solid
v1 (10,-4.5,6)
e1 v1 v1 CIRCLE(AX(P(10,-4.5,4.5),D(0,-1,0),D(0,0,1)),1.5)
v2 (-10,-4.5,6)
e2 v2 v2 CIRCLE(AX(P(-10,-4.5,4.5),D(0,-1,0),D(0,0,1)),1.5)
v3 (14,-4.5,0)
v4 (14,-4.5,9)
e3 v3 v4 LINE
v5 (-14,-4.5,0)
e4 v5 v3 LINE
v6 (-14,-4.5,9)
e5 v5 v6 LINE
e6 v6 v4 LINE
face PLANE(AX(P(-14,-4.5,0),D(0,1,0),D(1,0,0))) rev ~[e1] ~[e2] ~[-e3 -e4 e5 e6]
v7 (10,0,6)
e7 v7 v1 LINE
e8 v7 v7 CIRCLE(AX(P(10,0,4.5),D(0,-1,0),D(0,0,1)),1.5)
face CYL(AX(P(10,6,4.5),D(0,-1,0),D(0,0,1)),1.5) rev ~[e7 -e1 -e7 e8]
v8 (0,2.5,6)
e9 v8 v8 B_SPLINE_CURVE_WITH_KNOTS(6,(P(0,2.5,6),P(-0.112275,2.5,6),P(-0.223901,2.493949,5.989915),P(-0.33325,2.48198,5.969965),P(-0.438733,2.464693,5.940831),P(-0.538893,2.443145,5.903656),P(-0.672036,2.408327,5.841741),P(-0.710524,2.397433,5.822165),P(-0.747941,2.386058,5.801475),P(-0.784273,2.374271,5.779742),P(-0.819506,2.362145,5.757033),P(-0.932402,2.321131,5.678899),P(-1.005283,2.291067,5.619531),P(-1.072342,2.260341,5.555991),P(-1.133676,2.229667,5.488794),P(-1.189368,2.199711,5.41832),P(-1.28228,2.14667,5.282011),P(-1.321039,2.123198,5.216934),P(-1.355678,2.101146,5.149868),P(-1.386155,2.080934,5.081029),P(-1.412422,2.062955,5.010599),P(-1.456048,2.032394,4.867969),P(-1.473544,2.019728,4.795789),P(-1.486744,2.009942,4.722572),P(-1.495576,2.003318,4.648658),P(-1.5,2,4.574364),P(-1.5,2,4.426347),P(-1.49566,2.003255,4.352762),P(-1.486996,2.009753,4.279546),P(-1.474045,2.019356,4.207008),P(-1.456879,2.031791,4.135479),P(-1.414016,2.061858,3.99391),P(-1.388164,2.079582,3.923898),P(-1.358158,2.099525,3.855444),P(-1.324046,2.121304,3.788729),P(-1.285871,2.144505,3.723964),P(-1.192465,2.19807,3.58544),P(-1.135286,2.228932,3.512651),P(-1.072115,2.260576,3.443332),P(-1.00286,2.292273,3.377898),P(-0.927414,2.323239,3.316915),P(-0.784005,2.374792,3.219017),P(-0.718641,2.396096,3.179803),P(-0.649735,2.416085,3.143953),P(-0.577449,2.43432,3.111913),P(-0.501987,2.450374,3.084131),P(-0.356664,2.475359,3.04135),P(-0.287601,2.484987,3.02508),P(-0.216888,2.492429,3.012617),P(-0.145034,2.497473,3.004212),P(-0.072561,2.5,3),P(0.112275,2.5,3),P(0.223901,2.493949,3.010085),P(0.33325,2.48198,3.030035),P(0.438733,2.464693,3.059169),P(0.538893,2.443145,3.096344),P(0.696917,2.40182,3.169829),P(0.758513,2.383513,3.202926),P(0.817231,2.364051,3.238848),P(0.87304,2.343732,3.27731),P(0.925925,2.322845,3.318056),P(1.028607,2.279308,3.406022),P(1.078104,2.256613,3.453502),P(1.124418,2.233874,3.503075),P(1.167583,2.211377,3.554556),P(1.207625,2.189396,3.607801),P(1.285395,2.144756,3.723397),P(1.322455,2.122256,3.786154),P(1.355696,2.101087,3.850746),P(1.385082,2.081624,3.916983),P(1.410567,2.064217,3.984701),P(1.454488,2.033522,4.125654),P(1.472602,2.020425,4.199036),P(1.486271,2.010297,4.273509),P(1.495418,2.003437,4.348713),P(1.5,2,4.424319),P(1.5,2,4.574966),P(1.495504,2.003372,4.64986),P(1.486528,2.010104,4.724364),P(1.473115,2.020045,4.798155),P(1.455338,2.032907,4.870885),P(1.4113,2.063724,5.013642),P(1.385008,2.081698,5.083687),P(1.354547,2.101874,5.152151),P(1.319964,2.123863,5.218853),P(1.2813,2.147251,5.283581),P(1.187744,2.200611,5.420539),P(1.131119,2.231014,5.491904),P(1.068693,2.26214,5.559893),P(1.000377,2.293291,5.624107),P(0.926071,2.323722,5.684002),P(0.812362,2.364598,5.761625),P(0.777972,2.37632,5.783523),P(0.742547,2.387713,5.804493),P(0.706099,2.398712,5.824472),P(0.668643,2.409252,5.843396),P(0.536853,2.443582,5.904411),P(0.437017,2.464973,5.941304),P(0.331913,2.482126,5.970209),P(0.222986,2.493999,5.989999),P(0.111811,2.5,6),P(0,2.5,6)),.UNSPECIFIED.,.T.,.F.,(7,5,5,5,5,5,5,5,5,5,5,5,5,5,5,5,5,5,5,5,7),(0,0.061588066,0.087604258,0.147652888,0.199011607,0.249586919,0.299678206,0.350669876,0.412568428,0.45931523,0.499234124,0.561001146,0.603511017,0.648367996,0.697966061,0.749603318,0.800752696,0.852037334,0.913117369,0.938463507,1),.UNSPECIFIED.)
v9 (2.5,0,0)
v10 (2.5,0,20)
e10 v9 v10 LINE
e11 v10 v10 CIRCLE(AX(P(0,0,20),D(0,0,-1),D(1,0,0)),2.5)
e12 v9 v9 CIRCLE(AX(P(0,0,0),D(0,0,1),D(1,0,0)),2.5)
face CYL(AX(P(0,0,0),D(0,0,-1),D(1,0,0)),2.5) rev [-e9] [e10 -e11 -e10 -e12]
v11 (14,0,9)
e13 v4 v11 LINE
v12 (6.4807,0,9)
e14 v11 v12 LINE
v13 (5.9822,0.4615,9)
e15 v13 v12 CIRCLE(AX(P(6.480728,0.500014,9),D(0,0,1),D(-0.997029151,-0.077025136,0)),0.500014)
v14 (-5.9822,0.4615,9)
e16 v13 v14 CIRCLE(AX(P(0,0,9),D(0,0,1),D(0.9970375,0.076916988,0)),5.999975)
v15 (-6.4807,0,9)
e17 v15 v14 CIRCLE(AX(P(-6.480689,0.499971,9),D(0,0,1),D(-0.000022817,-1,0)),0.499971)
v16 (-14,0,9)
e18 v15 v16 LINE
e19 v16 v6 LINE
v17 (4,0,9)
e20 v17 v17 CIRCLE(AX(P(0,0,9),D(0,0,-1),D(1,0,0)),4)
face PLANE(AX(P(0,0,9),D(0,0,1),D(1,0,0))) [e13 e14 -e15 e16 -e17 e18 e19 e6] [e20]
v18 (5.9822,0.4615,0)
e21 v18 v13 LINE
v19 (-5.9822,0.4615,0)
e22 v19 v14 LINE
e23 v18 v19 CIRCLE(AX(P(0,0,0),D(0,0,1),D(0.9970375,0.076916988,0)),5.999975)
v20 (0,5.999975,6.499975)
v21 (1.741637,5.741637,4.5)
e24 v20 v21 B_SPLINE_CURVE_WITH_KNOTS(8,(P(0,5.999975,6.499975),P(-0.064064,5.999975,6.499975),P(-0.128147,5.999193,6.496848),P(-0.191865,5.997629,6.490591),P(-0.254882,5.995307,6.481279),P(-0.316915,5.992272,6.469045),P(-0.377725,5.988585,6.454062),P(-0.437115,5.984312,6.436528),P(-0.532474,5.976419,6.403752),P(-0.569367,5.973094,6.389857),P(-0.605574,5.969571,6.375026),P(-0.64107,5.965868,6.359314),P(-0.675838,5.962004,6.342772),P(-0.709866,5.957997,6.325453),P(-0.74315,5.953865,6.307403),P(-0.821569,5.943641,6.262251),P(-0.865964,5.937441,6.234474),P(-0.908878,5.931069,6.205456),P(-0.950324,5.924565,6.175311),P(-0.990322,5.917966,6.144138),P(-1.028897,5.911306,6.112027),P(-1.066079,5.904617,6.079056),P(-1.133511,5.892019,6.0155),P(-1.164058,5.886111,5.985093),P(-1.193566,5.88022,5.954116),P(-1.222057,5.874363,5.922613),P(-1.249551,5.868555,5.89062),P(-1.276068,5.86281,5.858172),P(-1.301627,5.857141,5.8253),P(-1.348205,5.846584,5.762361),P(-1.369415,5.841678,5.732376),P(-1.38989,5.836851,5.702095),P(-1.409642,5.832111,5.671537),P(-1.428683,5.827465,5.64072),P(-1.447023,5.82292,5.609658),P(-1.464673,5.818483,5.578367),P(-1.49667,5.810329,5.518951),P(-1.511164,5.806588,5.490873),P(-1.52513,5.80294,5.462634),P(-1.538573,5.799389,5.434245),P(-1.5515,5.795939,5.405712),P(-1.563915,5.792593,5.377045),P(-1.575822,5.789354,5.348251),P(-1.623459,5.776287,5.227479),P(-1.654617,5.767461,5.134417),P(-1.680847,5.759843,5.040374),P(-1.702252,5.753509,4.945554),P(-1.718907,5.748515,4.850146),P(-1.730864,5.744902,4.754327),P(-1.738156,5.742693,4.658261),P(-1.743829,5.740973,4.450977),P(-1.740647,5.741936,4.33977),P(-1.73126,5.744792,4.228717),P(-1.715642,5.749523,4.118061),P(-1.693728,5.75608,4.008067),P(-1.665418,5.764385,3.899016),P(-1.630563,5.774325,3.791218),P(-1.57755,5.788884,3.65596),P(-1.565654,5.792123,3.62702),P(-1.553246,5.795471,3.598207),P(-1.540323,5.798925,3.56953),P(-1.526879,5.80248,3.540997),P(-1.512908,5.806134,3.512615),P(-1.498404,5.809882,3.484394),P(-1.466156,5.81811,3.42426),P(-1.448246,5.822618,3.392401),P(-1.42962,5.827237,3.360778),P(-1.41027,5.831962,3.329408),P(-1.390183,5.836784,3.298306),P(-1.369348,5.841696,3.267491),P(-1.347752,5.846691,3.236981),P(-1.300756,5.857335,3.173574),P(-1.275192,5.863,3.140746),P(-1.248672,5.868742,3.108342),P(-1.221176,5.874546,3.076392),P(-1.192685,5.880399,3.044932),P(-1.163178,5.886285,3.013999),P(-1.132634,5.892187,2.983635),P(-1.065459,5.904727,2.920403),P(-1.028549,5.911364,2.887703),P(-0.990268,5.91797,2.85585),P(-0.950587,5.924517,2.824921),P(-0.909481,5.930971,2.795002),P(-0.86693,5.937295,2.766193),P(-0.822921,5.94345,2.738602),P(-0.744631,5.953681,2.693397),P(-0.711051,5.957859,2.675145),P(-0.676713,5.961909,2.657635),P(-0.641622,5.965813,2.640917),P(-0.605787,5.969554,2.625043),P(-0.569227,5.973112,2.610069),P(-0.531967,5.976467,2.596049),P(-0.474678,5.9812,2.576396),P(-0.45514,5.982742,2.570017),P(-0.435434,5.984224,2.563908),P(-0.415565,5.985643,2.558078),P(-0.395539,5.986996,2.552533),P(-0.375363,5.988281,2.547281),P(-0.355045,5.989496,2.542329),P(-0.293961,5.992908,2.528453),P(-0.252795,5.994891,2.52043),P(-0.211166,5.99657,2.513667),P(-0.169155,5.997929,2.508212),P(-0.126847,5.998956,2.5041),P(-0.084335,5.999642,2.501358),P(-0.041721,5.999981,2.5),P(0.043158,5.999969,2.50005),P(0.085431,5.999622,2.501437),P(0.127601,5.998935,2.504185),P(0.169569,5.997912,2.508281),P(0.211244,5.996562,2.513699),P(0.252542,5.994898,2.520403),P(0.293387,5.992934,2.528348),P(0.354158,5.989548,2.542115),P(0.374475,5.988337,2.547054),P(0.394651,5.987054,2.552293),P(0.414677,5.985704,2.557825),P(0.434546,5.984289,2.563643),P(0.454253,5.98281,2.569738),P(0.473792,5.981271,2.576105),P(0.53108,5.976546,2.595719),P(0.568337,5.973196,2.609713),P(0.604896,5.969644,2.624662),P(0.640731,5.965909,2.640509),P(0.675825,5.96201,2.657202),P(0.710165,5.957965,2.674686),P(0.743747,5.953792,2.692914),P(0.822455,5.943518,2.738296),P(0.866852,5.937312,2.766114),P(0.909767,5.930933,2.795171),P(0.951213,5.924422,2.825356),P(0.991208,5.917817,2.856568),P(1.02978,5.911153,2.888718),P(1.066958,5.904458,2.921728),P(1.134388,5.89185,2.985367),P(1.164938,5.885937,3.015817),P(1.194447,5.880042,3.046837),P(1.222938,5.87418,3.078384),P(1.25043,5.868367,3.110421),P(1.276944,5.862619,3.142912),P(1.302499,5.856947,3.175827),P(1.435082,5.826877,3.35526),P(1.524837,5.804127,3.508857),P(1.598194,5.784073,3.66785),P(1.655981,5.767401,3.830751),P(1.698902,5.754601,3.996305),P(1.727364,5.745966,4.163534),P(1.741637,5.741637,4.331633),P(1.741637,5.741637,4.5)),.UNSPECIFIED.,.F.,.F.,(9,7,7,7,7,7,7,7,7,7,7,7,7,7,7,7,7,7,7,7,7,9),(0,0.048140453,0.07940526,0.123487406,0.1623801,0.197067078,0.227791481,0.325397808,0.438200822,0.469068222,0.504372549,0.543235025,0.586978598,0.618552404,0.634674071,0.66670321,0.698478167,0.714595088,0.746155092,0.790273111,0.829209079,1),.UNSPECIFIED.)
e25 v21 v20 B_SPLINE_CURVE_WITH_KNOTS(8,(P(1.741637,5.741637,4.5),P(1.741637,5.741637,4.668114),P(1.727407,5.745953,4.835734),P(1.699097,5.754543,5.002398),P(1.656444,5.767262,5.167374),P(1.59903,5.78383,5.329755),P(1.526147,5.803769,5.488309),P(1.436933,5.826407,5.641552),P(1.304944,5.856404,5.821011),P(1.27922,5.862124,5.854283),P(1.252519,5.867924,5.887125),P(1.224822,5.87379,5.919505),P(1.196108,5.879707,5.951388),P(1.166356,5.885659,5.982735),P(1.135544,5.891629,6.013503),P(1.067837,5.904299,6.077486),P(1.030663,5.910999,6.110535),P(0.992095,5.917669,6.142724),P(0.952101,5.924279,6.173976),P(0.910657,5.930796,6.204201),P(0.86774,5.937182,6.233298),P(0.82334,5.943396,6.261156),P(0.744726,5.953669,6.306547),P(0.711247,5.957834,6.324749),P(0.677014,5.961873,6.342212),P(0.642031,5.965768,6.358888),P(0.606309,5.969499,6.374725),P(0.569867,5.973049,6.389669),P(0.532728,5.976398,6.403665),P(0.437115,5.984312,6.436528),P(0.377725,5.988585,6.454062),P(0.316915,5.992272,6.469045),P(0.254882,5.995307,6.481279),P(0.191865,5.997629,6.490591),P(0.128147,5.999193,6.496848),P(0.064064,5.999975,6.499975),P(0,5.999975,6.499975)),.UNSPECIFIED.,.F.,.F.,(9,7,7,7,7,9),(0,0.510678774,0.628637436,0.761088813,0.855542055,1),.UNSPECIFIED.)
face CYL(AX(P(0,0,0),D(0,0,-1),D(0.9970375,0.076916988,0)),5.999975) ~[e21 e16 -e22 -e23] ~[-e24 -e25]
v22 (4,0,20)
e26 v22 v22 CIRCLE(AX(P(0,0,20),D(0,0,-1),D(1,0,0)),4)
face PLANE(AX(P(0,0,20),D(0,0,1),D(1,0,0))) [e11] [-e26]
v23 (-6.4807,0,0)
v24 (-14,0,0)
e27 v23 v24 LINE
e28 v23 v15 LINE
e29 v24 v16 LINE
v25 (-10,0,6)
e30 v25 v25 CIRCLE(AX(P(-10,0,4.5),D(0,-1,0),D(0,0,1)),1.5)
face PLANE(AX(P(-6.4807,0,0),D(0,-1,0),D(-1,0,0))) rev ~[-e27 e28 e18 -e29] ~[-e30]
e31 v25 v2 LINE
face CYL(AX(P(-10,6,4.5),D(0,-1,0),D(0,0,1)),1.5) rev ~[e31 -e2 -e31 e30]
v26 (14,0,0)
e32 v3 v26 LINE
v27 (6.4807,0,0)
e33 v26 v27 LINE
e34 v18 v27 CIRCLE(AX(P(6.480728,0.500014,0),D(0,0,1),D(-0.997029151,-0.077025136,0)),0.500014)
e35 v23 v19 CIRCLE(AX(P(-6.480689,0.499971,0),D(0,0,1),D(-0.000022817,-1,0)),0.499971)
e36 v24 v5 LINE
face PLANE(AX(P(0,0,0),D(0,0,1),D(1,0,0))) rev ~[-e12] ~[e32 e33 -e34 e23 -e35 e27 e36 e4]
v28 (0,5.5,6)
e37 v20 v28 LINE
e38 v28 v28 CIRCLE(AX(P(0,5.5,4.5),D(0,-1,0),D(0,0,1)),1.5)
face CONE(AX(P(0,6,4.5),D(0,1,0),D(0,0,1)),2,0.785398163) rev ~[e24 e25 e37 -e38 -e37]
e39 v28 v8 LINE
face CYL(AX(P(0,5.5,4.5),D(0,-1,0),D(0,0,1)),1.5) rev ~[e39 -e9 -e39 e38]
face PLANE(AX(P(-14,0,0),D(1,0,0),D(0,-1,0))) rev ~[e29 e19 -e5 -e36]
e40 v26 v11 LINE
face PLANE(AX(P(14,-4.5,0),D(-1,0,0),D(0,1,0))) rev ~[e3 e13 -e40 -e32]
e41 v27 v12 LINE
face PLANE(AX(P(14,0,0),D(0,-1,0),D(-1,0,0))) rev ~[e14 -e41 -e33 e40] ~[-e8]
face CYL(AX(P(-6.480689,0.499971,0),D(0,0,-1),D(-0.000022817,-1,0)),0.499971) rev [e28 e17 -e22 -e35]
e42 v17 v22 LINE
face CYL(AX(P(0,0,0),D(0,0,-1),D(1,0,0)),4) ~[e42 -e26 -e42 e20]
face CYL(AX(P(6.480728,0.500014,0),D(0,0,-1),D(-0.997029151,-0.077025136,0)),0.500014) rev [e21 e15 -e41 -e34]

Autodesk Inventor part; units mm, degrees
ref_plane "YZ Plane" through (0, 0, 0) normal (1, 0, 0) x (0, 1, 0)
ref_plane "XZ Plane" through (0, 0, 0) normal (0, 1, 0) x (-1, 0, 0)
ref_plane "XY Plane" through (0, 0, 0) normal (0, 0, 1) x (1, 0, 0)
sketch "Sketch1" plane through (0, 0, 0) normal (0, 0, 1) x (1, 0, 0)
  line L0 (14, 0) -> (-14, 0)
  line L1 (-14, 0) -> (-14, -4.5)
  line L2 (-14, -4.5) -> (14, -4.5)
  line L3 (14, -4.5) -> (14, 0)
  line L4 (0, 29.3592) -> (0, -29.3592) construction
  arc A0 (5.9822, 0.4615) -> (-5.9822, 0.4615) centre (0, 0) ccw
  circle A1 centre (0, 0) radius 2.5
  circle A2 centre (0, 0) radius 4
  arc A3 (5.9822, 0.4615) -> (6.4807, 0) centre (6.4807, 0.5) ccw
  arc A4 (-6.4807, 0) -> (-5.9822, 0.4615) centre (-6.4807, 0.5) ccw
  dimension "d0" = 14
  dimension "d1" = 4.5
  dimension "d2" = 12
  dimension "d3" = 8
  dimension "d4" = 5
  dimension "d5" = 1
  dimension "d6" = 1
extrude "Extrusion1" add sketch "Sketch1" along normal blind 9 contours L3 L2 L1 L0 A2 | L0 A2 A4 A0 A3
extrude "Extrusion2" add sketch "Sketch1" along normal blind 20 contours A2 L0 A1 | L0 A1 A2
ref_plane "Plano de trabajo2" through (-14, 6, 0) normal (0, 1, 0) x (1, 0, 0)
sketch "Boceto3" plane through (-14, 6, 0) normal (0, 1, 0) x (1, 0, 0)
  line L0 (14, 0) -> (14, -9) construction
  line L1 (8.0178, -9) -> (19.9822, -9) projected
  line L2 (0, 0) -> (0, -9) projected
  line L3 (0, -4.5) -> (28, -4.5) construction
  line L4 (28, 0) -> (28, -9) projected
  circle A0 centre (4, -4.5) radius 1.5
  circle A1 centre (14, -4.5) radius 1.5
  circle A2 centre (24, -4.5) radius 1.5
  line L5 (7.5193, 0) -> (0, 0) projected
  line L6 (0, 0) -> (0, -9) projected
  line L7 (7.5193, -9) -> (0, -9) projected
  line L8 (7.5193, 0) -> (7.5193, -9) projected
  line L9 (19.9822, 0) -> (8.0178, 0) projected
  line L10 (8.0178, 0) -> (8.0178, -9) projected
  line L11 (19.9822, -9) -> (8.0178, -9) projected
  line L12 (19.9822, 0) -> (19.9822, -9) projected
  line L13 (28, 0) -> (20.4807, 0) projected
  line L14 (20.4807, 0) -> (20.4807, -9) projected
  line L15 (28, -9) -> (20.4807, -9) projected
  line L16 (28, 0) -> (28, -9) projected
  dimension "d25" = 3
  dimension "d26" = 3
  dimension "d27" = 3
  dimension "d28" = 10
  dimension "d29" = 10
hole "Agujero2" at (0, 6, 4.5) direction (0, -1, 0) diameter 3 depth 5 countersink diameter 4 countersink angle 90
hole "Agujero3" at (-10, 6, 4.5) at (10, 6, 4.5) direction (0, -1, 0) diameter 3 end through all
properties part number "Hudson 1-71"
